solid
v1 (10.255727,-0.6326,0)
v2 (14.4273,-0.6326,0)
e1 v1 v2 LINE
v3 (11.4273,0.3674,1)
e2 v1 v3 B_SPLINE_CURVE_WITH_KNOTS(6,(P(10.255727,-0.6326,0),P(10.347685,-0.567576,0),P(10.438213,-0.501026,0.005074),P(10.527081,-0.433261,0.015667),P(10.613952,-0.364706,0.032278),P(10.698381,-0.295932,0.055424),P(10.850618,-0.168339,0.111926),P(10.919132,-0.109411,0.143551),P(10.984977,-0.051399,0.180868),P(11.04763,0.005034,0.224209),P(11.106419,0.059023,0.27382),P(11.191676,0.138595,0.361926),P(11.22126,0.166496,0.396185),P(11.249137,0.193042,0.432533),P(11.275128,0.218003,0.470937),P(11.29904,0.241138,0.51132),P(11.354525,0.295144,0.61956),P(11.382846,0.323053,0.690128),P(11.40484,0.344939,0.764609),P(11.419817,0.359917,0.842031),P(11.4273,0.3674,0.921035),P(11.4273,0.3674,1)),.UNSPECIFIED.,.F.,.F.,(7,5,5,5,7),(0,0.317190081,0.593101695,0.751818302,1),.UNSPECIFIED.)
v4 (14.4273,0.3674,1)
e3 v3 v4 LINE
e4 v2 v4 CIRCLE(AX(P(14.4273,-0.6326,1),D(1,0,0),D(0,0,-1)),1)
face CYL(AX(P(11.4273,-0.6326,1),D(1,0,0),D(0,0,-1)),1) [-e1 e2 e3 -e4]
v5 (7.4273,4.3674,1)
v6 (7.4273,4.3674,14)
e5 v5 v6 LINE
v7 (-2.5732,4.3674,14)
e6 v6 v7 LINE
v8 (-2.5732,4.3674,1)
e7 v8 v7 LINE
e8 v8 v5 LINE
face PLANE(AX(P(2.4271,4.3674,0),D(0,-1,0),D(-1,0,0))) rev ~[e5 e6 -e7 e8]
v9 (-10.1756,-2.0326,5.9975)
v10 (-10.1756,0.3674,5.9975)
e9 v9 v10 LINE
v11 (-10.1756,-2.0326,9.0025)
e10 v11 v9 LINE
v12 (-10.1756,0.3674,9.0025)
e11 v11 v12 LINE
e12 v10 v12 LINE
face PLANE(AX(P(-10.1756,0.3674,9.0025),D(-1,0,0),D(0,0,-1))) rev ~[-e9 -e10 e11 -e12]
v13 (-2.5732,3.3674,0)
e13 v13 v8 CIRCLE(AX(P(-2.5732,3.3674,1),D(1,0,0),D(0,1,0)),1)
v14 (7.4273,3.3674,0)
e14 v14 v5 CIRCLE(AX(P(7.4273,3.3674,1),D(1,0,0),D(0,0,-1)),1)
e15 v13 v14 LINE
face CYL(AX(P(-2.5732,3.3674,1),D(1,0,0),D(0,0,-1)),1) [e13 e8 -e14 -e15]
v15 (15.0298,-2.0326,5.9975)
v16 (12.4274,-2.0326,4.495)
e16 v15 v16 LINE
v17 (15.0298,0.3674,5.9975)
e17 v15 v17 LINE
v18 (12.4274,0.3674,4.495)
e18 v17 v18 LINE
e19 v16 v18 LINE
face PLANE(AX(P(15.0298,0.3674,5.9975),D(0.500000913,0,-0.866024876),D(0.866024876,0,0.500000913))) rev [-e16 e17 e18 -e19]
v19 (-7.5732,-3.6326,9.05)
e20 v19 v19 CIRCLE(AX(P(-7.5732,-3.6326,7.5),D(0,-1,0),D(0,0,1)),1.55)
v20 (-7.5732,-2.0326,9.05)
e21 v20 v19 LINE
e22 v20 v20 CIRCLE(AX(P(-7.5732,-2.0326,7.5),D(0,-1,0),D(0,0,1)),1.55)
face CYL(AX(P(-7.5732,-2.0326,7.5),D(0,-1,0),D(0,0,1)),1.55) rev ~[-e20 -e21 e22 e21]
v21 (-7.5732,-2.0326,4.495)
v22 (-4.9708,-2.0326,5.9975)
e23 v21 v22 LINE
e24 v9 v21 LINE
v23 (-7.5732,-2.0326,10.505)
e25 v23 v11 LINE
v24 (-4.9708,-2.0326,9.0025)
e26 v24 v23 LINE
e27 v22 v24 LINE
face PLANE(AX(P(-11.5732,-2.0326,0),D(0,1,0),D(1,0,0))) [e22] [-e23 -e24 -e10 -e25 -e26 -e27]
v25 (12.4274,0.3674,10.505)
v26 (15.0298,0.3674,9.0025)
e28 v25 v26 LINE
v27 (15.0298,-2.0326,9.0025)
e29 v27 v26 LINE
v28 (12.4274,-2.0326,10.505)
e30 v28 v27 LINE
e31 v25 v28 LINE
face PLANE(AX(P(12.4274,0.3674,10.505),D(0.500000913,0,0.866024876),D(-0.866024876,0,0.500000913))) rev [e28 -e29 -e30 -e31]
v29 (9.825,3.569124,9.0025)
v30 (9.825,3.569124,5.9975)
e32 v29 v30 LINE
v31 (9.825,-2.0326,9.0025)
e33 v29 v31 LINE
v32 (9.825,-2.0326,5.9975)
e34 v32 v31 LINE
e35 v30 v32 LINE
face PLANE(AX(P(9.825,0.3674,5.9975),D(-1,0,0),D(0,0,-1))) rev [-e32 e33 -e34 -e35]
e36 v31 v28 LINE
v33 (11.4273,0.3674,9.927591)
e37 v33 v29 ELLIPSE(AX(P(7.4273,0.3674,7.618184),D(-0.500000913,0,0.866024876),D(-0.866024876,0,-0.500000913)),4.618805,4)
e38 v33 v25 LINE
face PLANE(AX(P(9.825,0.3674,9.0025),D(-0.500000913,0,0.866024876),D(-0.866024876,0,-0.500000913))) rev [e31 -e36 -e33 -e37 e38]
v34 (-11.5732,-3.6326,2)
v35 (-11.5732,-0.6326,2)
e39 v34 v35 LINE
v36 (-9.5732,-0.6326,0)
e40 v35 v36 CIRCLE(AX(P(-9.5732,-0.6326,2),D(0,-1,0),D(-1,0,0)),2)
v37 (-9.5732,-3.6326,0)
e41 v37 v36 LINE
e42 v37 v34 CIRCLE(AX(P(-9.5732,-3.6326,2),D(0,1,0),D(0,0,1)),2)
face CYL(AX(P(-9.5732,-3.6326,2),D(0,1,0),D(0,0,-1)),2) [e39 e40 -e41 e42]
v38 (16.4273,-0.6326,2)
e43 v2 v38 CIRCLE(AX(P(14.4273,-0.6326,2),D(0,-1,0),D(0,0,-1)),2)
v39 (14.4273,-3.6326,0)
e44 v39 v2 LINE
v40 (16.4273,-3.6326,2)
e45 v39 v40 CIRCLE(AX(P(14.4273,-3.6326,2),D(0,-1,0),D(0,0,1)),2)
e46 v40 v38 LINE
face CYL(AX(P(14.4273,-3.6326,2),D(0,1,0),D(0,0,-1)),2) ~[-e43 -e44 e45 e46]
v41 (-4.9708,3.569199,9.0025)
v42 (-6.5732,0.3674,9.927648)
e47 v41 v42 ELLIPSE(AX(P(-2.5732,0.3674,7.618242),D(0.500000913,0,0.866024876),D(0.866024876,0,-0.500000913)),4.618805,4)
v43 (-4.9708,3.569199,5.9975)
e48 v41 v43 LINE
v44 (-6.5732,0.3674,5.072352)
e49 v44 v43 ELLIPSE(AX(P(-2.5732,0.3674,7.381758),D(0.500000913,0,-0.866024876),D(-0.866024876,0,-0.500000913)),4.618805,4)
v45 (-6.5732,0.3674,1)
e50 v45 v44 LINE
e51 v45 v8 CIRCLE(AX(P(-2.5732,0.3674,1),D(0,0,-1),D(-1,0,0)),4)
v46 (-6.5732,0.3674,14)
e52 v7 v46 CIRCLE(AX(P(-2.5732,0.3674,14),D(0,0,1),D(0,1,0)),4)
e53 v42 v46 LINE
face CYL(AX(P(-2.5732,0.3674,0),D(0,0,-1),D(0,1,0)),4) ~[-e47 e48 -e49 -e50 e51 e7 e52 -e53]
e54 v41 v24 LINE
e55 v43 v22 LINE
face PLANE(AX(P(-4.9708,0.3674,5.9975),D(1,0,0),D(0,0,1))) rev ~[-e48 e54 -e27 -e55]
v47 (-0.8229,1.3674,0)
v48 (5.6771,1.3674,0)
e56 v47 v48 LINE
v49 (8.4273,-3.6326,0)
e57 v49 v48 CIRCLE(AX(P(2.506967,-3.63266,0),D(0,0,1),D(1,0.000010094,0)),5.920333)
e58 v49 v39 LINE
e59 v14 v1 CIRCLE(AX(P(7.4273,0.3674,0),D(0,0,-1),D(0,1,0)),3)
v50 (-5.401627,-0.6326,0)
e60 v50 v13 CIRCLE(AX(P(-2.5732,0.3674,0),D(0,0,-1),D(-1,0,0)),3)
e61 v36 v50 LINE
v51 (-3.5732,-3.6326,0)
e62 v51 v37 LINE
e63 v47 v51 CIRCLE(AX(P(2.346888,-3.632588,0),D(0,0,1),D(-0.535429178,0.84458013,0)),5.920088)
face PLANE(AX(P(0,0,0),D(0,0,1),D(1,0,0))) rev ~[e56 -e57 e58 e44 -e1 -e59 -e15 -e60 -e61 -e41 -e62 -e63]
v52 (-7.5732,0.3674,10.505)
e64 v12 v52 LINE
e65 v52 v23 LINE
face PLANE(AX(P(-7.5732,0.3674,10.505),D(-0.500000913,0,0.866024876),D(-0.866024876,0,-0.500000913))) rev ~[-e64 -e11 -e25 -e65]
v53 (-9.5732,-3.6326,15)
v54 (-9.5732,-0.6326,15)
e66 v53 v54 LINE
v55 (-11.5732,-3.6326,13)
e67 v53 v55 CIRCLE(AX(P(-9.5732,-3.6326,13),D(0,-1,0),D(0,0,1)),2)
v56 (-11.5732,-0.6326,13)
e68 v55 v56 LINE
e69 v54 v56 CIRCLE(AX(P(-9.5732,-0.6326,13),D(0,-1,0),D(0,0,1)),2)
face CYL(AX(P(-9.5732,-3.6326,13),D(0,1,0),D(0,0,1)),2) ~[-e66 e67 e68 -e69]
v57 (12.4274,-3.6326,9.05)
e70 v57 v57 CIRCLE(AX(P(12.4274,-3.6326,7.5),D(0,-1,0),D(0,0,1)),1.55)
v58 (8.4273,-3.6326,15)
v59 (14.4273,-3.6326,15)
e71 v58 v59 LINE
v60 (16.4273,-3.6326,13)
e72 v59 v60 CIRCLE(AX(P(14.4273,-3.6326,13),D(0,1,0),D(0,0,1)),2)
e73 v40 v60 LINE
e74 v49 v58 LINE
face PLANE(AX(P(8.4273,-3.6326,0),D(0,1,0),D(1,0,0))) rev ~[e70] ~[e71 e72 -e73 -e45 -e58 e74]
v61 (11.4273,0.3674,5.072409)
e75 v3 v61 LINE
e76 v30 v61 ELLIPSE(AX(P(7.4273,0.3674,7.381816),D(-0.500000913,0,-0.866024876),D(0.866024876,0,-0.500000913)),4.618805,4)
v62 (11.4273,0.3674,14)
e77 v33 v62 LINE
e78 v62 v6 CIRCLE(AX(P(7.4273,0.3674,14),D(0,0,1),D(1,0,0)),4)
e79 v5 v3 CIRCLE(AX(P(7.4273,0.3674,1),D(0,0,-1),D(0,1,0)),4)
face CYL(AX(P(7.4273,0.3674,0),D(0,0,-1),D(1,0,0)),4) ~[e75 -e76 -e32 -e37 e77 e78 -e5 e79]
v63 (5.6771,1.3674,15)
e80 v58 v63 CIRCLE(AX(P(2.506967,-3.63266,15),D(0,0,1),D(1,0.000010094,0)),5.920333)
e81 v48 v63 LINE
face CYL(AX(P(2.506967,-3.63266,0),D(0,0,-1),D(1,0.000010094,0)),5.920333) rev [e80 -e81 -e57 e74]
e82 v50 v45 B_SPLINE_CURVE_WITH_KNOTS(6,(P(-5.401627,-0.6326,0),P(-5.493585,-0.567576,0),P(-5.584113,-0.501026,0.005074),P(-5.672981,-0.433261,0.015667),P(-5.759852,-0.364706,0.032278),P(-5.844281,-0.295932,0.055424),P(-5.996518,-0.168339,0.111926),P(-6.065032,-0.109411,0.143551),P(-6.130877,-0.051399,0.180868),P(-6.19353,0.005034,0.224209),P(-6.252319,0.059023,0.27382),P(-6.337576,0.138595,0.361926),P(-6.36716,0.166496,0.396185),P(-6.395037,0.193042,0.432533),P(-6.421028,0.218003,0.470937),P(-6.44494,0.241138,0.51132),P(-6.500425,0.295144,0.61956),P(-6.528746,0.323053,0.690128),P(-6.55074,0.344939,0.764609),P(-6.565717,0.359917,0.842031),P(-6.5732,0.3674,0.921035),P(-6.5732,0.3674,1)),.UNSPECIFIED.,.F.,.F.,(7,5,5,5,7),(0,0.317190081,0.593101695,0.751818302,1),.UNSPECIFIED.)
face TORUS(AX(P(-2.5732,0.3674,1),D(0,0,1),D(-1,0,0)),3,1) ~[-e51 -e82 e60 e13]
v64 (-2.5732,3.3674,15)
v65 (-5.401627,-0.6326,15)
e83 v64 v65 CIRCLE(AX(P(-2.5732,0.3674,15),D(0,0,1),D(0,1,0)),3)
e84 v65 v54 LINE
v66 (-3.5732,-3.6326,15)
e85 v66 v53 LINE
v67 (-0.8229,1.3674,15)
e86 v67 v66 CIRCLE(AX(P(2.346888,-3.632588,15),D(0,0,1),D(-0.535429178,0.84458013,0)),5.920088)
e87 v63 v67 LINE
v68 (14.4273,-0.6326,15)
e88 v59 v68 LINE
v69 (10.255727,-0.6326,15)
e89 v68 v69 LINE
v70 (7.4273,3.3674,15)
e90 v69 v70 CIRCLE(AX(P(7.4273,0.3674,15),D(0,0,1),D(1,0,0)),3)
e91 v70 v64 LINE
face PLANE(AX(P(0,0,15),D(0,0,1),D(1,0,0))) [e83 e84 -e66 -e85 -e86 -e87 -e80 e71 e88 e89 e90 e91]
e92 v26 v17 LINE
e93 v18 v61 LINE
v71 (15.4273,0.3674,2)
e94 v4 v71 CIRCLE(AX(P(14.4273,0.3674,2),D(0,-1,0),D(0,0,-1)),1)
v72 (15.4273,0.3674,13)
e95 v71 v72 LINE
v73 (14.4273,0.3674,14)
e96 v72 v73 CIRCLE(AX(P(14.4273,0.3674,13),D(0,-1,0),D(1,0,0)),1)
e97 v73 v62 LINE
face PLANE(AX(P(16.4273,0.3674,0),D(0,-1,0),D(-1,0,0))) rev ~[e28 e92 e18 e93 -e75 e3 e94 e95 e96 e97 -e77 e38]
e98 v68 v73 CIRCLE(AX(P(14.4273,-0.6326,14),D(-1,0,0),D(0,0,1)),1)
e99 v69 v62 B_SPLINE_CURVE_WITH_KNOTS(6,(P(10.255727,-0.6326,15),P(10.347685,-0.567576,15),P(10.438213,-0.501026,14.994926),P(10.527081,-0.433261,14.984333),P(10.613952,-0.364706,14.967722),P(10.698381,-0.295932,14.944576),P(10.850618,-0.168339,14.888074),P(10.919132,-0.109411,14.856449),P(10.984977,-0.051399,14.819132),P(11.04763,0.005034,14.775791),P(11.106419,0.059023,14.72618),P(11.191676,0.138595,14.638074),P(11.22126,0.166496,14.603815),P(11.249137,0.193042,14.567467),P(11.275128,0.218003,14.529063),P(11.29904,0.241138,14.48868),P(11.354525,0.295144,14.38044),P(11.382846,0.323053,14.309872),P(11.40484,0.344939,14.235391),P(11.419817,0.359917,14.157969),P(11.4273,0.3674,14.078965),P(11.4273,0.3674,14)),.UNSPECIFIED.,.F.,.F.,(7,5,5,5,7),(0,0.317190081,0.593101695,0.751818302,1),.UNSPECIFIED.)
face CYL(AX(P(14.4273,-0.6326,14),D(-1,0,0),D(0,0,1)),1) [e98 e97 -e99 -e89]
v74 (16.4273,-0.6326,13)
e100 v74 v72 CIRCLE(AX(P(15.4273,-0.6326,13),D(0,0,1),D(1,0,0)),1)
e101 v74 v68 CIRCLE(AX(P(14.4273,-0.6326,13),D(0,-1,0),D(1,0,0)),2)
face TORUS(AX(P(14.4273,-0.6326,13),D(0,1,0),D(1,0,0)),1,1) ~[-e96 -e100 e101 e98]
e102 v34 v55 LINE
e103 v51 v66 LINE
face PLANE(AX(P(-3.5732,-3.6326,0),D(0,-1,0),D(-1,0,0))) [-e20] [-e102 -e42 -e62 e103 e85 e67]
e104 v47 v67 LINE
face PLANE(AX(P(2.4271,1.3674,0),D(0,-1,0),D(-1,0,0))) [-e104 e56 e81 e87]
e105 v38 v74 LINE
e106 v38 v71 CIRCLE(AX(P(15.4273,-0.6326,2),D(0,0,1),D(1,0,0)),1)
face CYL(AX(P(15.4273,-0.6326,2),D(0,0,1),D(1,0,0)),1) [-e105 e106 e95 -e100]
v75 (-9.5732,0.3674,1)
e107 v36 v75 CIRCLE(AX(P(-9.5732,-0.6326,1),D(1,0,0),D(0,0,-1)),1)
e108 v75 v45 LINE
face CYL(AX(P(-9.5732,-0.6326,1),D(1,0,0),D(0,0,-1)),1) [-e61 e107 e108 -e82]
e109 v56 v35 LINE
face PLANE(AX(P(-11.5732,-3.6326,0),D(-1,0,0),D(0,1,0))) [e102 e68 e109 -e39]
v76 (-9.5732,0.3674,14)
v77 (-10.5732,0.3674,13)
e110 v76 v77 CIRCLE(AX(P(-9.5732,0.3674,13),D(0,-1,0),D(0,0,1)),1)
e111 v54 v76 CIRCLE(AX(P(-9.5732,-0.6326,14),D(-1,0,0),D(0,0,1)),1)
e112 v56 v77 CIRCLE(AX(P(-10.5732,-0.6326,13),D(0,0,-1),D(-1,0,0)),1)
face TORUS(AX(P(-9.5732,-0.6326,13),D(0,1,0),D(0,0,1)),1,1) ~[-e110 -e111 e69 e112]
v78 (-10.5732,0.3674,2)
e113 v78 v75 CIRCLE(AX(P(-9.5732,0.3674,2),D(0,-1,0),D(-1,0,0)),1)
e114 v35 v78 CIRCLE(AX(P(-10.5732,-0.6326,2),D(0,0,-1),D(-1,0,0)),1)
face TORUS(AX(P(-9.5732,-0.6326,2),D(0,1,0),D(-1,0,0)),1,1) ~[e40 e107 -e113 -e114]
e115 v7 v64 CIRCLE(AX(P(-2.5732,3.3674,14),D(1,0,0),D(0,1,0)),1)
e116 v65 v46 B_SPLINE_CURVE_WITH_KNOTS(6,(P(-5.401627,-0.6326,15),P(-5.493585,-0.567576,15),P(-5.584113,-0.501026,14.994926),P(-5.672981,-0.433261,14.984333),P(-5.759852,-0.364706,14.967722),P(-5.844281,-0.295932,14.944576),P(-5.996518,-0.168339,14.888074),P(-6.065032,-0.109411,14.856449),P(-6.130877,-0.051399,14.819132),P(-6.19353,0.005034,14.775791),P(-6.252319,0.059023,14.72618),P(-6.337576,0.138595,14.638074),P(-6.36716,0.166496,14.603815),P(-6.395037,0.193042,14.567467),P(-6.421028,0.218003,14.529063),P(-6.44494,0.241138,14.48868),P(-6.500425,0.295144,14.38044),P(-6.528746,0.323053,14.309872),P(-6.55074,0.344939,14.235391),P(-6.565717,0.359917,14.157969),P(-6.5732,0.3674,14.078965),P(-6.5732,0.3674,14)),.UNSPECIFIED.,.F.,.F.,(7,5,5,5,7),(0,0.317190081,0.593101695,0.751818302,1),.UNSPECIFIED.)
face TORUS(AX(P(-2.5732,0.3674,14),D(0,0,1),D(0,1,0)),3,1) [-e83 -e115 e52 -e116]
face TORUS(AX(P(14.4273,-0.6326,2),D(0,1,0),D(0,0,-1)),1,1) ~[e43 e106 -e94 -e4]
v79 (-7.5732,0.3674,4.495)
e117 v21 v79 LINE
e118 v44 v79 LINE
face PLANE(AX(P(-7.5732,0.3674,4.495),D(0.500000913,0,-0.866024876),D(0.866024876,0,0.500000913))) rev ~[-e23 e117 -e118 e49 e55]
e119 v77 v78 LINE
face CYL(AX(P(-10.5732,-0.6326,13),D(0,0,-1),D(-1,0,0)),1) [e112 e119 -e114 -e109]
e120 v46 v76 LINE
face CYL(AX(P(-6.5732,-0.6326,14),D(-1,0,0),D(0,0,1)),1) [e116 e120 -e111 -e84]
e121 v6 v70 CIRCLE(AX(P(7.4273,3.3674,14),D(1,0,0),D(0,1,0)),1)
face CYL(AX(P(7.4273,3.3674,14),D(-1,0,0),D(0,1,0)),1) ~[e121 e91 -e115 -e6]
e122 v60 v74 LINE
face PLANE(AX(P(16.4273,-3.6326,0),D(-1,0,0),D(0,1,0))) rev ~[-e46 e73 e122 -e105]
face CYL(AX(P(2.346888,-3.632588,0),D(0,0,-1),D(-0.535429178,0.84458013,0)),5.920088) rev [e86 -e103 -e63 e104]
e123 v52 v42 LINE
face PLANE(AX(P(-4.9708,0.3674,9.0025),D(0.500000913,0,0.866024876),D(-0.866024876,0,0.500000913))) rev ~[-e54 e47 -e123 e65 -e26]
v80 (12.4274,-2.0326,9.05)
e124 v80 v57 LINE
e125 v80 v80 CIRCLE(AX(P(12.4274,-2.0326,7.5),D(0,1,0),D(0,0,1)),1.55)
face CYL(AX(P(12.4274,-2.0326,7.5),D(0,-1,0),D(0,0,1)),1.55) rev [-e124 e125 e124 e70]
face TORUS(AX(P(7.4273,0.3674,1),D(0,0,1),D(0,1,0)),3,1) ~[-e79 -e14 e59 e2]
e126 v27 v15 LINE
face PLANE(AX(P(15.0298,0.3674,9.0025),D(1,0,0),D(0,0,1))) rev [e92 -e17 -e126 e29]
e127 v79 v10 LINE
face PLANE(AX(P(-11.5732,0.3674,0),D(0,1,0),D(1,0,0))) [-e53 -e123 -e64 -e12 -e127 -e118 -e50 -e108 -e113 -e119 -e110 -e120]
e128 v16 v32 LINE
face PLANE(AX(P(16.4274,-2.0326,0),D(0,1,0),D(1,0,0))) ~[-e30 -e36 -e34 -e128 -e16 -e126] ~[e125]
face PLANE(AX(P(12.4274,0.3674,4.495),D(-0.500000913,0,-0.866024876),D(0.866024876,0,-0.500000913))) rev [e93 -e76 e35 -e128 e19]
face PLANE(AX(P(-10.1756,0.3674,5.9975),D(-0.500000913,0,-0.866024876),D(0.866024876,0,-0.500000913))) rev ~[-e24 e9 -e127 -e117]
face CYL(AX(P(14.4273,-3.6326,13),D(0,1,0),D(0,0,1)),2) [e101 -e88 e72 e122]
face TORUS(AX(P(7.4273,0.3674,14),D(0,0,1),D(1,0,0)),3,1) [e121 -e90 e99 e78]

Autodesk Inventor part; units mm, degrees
ref_plane "YZ Plane" through (0, 0, 0) normal (1, 0, 0) x (0, 1, 0)
sketch "Sketch3" plane through (0, 0, 0) normal (0, 0, 1) x (1, 0, 0)
  line L0 (2.4271, 1.3674) -> (5.6771, 1.3674)
  arc A0 (8.4273, -3.6326) -> (5.6771, 1.3674) centre (2.5072, -3.6326) ccw
  line L1 (8.4273, -3.6326) -> (8.4273, -3.6326)
  line L2 (8.4273, -3.6326) -> (16.4273, -3.6326)
  line L3 (16.4273, -3.6326) -> (16.4273, 0.3674)
  line L4 (16.4273, 0.3674) -> (11.4273, 0.3674)
  line L5 (2.4271, 4.3674) -> (7.4273, 4.3674)
  line L6 (11.4273, 0.3674) -> (11.4273, 0.3674)
  arc A1 (11.4273, 0.3674) -> (7.4273, 4.3674) centre (7.4273, 0.3674) ccw
  arc A2 (-0.8229, 1.3674) -> (-3.5732, -3.6326) centre (2.3469, -3.6326) ccw
  line L7 (-3.5732, -3.6326) -> (-3.5732, -3.6326)
  line L8 (-3.5732, -3.6326) -> (-11.5732, -3.6326)
  line L9 (-11.5732, -3.6326) -> (-11.5732, 0.3674)
  line L10 (-11.5732, 0.3674) -> (-6.5732, 0.3674)
  line L11 (-6.5732, 0.3674) -> (-6.5732, 0.3674)
  arc A3 (-2.5732, 4.3674) -> (-6.5732, 0.3674) centre (-2.5732, 0.3674) ccw
  line L12 (2.4271, 4.3674) -> (-2.5732, 4.3674)
  line L13 (2.4271, 1.3674) -> (-0.8229, 1.3674)
  point P0 (0, 0)
  point P1 (11.4273, 0.3674)
  point P2 (-6.5732, 0.3674)
  dimension "d20" = 4
  dimension "d21" = 5
  dimension "d22" = 8
  dimension "d23" = 3
extrude "Extrusion2" add sketch "Sketch3" along normal blind 15
ref_plane "Work Plane1" through (2.4271, -3.6326, 0) normal (-1, 0, 0) x (0, 0, 1)
sketch "Sketch4" plane through (-11.5732, 0.3674, 0) normal (0, 1, 0) x (1, 0, 0)
  line L0 (4, -4.495) -> (6.6024, -5.9975)
  line L1 (6.6024, -5.9975) -> (6.6024, -9.0025)
  line L2 (6.6024, -9.0025) -> (4, -10.505)
  line L3 (4, -10.505) -> (1.3976, -9.0025)
  line L4 (1.3976, -9.0025) -> (1.3976, -5.9975)
  line L5 (1.3976, -5.9975) -> (4, -4.495)
  line L6 (0, 0) -> (0, -15) projected
  line L7 (14.0003, -18) -> (14.0003, 3) projected
  line L8 (5, 0) -> (0, 0) projected
  point P0 (11.5732, 0)
  point P1 (4, -7.5)
  point P2 (4, -7.5)
  dimension "d26" = 6.01
  dimension "d27" = 4
  dimension "d39" = 7.5
extrude "Extrusion3" cut sketch "Sketch4" along normal blind 8 and the other way blind 2.4
sketch "Sketch5" plane through (-11.5732, -2.0326, 0) normal (0, 1, 0) x (1, 0, 0)
  line L0 (6.6024, -5.9975) -> (6.6024, -9.0025) projected
  line L1 (1.3976, -9.0025) -> (1.3976, -5.9975) projected
  line L2 (5, 0) -> (0, 0) projected
  point P0 (11.5732, 0)
  point P1 (4, -7.5)
  dimension "d40" = 7.5
hole "Hole1" at (-7.5732, -2.0326, 7.5) direction (0, -1, 0) diameter 3.1 end through all
mirror "Mirror1" about plane through (2.4271, -3.6326, 0) normal (-1, 0, 0) of "Extrusion3", "Hole1"
ref_plane "Work Plane2" through (0, 0, 7.5) normal (0, 0, 1) x (1, 0, 0)
fillet "Fillet3" radius 2 4 edges at (16.4273, -1.6326, 0) (16.4273, -1.6326, 15) (-11.5732, -1.6326, 15) (-11.5732, -1.6326, 0)
fillet "Fillet4" radius 1 16 edges at (15.8415, 0.3674, 0.5858) (16.4273, 0.3674, 7.5) (15.8415, 0.3674, 14.4142) (12.9273, 0.3674, 15) (12.9273, 0.3674, 0) (2.4271, 4.3674, 0) (-5.4016, 3.1958, 0) (10.2558, 3.1958, 0) (-8.0732, 0.3674, 0) (-11.5732, 0.3674, 7.5) (-10.9874, 0.3674, 14.4142) (-8.0732, 0.3674, 15) (-10.9874, 0.3674, 0.5858) (2.4271, 4.3674, 15) (10.2558, 3.1958, 15) (-5.4016, 3.1958, 15)
properties part number "mocowanie_silnika_CPY" material "ABS Plastic"
